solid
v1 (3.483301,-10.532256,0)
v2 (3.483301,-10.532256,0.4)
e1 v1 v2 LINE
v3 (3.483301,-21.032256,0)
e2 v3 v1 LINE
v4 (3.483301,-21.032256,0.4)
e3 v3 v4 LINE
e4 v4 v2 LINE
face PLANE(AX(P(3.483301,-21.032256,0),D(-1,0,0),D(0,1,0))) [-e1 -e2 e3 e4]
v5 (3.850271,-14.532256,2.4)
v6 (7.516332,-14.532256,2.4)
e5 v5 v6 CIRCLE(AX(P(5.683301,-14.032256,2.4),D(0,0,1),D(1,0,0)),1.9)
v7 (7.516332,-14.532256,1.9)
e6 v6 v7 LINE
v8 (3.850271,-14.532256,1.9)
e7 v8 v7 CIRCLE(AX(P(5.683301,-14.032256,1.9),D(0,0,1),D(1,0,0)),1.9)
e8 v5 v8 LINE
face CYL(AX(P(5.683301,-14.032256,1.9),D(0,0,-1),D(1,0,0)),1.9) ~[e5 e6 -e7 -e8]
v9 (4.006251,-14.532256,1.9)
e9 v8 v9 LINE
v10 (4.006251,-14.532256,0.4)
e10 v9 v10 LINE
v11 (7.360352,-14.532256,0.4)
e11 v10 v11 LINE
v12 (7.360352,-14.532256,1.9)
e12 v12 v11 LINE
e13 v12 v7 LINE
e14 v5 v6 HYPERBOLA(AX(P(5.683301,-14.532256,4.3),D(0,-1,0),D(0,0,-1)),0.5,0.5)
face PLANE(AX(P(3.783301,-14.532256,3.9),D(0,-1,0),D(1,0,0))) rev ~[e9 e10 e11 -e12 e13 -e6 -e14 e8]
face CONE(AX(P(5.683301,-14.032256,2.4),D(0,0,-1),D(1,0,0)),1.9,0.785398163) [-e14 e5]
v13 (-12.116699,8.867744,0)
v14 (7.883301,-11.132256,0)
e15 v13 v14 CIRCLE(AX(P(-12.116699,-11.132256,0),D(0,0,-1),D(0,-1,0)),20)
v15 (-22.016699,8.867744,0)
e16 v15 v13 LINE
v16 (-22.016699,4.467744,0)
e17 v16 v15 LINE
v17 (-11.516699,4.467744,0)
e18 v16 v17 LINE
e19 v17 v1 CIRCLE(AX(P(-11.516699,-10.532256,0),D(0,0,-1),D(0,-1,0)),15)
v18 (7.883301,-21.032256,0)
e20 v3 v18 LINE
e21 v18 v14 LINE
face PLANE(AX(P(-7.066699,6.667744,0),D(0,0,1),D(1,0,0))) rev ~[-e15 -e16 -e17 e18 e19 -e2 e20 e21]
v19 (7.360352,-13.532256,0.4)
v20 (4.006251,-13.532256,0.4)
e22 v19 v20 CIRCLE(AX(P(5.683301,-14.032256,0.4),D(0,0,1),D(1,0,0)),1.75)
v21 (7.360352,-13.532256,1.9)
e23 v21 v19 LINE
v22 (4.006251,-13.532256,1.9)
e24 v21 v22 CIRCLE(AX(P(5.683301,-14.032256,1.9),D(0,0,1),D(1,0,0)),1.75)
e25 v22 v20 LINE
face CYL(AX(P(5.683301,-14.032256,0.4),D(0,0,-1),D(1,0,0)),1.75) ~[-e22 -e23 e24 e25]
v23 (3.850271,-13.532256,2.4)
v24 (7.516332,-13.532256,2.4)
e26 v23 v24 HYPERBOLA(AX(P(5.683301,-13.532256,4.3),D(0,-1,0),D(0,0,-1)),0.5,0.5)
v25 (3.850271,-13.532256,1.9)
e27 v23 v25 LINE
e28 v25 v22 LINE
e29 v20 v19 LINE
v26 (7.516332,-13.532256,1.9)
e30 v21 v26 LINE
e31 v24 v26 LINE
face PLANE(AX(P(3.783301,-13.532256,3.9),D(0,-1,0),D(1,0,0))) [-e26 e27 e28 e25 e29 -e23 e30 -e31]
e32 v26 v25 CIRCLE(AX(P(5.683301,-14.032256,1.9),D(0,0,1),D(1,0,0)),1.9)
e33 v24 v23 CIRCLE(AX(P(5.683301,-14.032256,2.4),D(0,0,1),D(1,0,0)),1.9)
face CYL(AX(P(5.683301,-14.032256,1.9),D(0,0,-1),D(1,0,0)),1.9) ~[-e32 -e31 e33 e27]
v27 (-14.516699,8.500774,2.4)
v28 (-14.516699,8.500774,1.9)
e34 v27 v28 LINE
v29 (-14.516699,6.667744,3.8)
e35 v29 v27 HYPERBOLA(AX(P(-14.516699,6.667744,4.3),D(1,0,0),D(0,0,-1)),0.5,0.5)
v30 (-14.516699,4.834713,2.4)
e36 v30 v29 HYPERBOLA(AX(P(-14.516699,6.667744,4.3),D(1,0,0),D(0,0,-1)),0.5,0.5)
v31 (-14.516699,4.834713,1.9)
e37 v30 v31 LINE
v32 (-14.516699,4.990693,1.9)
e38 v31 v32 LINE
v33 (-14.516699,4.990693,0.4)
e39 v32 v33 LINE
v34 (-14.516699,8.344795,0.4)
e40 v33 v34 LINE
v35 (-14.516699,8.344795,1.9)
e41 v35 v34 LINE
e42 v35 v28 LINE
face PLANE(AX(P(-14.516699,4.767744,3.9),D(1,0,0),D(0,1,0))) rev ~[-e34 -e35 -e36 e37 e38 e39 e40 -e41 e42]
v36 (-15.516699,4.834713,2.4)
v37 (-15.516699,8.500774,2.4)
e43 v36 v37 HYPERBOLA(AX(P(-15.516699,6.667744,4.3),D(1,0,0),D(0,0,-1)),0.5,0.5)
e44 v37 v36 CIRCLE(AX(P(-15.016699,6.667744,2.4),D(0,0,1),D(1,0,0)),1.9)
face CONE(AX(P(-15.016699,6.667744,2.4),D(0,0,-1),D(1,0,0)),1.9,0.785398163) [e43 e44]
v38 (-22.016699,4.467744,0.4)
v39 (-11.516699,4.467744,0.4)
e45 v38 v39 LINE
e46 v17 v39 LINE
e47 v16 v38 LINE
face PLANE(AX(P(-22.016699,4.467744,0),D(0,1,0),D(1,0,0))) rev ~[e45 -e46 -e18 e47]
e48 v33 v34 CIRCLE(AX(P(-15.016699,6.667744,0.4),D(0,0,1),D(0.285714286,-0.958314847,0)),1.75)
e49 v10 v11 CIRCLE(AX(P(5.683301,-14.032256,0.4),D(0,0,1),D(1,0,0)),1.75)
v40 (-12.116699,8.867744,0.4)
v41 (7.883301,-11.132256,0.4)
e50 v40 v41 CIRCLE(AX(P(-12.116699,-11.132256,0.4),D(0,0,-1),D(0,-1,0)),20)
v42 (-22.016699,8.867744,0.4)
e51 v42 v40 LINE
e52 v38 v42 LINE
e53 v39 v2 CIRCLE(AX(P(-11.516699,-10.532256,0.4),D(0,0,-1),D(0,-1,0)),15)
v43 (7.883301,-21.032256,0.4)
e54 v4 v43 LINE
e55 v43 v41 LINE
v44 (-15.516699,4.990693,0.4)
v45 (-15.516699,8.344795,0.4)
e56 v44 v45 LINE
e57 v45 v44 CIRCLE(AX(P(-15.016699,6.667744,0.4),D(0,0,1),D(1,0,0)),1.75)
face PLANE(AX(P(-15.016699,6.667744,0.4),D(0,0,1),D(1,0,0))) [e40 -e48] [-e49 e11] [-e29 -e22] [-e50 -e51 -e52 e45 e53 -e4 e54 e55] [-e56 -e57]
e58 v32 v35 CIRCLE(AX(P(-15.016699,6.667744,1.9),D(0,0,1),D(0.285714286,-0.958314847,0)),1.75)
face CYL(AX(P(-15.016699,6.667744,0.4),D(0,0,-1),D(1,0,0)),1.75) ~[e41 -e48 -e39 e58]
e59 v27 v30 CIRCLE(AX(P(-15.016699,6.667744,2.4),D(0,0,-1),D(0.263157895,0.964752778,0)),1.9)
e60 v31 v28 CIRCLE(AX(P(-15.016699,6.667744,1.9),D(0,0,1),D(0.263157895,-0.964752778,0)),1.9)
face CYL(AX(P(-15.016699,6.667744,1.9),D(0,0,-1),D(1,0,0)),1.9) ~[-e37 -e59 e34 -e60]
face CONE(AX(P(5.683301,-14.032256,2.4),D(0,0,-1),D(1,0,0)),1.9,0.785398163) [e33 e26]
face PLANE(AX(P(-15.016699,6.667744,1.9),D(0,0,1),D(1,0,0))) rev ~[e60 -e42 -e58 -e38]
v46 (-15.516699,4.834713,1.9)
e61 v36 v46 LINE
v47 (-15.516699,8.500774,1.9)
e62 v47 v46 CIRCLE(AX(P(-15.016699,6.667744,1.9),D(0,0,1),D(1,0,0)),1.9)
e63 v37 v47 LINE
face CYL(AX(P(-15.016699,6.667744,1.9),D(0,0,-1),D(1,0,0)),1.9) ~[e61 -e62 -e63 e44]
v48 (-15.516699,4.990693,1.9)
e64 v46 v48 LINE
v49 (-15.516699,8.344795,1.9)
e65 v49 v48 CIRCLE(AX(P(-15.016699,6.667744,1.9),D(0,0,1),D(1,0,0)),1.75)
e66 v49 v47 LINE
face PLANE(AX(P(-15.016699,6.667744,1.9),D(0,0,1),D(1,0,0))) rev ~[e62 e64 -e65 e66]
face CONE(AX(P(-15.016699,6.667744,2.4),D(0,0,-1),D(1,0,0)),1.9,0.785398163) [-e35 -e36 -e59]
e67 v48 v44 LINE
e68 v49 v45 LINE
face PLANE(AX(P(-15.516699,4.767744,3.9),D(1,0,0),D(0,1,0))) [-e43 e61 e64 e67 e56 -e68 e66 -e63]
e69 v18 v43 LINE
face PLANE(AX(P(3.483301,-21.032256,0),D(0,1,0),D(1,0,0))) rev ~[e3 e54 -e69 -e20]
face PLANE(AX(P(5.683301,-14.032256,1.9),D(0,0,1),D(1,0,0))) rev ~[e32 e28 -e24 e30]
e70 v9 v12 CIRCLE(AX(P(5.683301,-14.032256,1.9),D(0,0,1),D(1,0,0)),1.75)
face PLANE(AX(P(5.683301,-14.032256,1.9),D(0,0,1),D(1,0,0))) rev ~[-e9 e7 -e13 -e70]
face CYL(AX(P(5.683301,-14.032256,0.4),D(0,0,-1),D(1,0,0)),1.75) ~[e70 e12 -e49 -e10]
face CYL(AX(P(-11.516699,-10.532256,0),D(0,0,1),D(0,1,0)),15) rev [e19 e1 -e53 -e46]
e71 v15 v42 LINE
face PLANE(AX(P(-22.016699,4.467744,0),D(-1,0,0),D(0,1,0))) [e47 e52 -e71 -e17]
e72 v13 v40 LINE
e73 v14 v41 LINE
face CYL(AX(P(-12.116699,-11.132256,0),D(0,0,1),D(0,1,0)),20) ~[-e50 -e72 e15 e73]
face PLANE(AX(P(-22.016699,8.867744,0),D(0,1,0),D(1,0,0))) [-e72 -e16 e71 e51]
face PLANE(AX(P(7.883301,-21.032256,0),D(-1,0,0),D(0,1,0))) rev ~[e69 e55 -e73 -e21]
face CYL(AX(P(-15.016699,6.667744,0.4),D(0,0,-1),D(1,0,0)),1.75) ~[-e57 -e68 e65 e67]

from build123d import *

# Parameters (mm, degrees)
SKICA1_W                 = 29.9
SKICA1_H                 = 4.4
SKICA1_W_2               = 4.4
SKICA1_H_2               = 25.5
P_IDAT_VYSUNUT_M1_DEPTH  = 0.4
ZAOBLIT3_R               = 15
ZAOBLIT4_R               = 20
SKICA2_R                 = 1.75
P_IDAT_VYSUNUT_M2_DEPTH  = 1.5
SKICA3_R                 = 1.9
P_IDAT_VYSUNUT_M3_DEPTH  = 2
ZKOSEN_1_SIZE            = 1.5
SKICA4_W                 = 3.8
SKICA4_H                 = 1
SKICA4_W_2               = 1
SKICA4_H_2               = 3.8
ODEBRAT_VYSUNUT_M1_DEPTH = 3.5


with BuildPart() as part:
    # Skica1 → Přidat vysunutím1 (new body)
    with BuildSketch(Plane.XY):
        with Locations((-7.066698514, 6.667743702)):
            Rectangle(SKICA1_W, SKICA1_H)
        with Locations((5.683301486, -8.282256298)):
            Rectangle(SKICA1_W_2, SKICA1_H_2)
    extrude(amount=P_IDAT_VYSUNUT_M1_DEPTH)

    # Zaoblit3
    zaoblit3_edges = [part.edges().sort_by_distance(p)[0] for p in [
        (3.483301486, 4.467743702, 0.2),
    ]]
    fillet(zaoblit3_edges, radius=ZAOBLIT3_R)

    # Zaoblit4
    zaoblit4_edges = [part.edges().sort_by_distance(p)[0] for p in [
        (7.883301486, 8.867743702, 0.2),
    ]]
    fillet(zaoblit4_edges, radius=ZAOBLIT4_R)

    # Skica2 → Přidat vysunutím2 (add)
    with BuildSketch(Plane.XY.offset(0.4)):
        with Locations((-15.016698514, 6.667743702)):
            Circle(SKICA2_R)
        with Locations((5.683301486, -14.032256298)):
            Circle(SKICA2_R)
    extrude(amount=P_IDAT_VYSUNUT_M2_DEPTH)

    # Skica3 → Přidat vysunutím3 (add)
    with BuildSketch(Plane.XY.offset(1.9)):
        with Locations((-15.016698514, 6.667743702)):
            Circle(SKICA3_R)
        with Locations((5.683301486, -14.032256298)):
            Circle(SKICA3_R)
    extrude(amount=P_IDAT_VYSUNUT_M3_DEPTH)

    # Zkosení1
    zkosen_1_edges = [part.edges().sort_by_distance(p)[0] for p in [
        (3.783301486, -14.032256298, 3.9),
        (-16.916698514, 6.667743702, 3.9),
    ]]
    chamfer(zkosen_1_edges, length=ZKOSEN_1_SIZE)

    # Skica4 → Odebrat vysunutím1 (cut)
    with BuildSketch(Plane.XY.offset(3.9)):
        with Locations((5.683301486, -14.032256298)):
            Rectangle(SKICA4_W, SKICA4_H)
        with Locations((-15.016698514, 6.667743702)):
            Rectangle(SKICA4_W_2, SKICA4_H_2)
    extrude(amount=-ODEBRAT_VYSUNUT_M1_DEPTH, mode=Mode.SUBTRACT)


solid = part.part
